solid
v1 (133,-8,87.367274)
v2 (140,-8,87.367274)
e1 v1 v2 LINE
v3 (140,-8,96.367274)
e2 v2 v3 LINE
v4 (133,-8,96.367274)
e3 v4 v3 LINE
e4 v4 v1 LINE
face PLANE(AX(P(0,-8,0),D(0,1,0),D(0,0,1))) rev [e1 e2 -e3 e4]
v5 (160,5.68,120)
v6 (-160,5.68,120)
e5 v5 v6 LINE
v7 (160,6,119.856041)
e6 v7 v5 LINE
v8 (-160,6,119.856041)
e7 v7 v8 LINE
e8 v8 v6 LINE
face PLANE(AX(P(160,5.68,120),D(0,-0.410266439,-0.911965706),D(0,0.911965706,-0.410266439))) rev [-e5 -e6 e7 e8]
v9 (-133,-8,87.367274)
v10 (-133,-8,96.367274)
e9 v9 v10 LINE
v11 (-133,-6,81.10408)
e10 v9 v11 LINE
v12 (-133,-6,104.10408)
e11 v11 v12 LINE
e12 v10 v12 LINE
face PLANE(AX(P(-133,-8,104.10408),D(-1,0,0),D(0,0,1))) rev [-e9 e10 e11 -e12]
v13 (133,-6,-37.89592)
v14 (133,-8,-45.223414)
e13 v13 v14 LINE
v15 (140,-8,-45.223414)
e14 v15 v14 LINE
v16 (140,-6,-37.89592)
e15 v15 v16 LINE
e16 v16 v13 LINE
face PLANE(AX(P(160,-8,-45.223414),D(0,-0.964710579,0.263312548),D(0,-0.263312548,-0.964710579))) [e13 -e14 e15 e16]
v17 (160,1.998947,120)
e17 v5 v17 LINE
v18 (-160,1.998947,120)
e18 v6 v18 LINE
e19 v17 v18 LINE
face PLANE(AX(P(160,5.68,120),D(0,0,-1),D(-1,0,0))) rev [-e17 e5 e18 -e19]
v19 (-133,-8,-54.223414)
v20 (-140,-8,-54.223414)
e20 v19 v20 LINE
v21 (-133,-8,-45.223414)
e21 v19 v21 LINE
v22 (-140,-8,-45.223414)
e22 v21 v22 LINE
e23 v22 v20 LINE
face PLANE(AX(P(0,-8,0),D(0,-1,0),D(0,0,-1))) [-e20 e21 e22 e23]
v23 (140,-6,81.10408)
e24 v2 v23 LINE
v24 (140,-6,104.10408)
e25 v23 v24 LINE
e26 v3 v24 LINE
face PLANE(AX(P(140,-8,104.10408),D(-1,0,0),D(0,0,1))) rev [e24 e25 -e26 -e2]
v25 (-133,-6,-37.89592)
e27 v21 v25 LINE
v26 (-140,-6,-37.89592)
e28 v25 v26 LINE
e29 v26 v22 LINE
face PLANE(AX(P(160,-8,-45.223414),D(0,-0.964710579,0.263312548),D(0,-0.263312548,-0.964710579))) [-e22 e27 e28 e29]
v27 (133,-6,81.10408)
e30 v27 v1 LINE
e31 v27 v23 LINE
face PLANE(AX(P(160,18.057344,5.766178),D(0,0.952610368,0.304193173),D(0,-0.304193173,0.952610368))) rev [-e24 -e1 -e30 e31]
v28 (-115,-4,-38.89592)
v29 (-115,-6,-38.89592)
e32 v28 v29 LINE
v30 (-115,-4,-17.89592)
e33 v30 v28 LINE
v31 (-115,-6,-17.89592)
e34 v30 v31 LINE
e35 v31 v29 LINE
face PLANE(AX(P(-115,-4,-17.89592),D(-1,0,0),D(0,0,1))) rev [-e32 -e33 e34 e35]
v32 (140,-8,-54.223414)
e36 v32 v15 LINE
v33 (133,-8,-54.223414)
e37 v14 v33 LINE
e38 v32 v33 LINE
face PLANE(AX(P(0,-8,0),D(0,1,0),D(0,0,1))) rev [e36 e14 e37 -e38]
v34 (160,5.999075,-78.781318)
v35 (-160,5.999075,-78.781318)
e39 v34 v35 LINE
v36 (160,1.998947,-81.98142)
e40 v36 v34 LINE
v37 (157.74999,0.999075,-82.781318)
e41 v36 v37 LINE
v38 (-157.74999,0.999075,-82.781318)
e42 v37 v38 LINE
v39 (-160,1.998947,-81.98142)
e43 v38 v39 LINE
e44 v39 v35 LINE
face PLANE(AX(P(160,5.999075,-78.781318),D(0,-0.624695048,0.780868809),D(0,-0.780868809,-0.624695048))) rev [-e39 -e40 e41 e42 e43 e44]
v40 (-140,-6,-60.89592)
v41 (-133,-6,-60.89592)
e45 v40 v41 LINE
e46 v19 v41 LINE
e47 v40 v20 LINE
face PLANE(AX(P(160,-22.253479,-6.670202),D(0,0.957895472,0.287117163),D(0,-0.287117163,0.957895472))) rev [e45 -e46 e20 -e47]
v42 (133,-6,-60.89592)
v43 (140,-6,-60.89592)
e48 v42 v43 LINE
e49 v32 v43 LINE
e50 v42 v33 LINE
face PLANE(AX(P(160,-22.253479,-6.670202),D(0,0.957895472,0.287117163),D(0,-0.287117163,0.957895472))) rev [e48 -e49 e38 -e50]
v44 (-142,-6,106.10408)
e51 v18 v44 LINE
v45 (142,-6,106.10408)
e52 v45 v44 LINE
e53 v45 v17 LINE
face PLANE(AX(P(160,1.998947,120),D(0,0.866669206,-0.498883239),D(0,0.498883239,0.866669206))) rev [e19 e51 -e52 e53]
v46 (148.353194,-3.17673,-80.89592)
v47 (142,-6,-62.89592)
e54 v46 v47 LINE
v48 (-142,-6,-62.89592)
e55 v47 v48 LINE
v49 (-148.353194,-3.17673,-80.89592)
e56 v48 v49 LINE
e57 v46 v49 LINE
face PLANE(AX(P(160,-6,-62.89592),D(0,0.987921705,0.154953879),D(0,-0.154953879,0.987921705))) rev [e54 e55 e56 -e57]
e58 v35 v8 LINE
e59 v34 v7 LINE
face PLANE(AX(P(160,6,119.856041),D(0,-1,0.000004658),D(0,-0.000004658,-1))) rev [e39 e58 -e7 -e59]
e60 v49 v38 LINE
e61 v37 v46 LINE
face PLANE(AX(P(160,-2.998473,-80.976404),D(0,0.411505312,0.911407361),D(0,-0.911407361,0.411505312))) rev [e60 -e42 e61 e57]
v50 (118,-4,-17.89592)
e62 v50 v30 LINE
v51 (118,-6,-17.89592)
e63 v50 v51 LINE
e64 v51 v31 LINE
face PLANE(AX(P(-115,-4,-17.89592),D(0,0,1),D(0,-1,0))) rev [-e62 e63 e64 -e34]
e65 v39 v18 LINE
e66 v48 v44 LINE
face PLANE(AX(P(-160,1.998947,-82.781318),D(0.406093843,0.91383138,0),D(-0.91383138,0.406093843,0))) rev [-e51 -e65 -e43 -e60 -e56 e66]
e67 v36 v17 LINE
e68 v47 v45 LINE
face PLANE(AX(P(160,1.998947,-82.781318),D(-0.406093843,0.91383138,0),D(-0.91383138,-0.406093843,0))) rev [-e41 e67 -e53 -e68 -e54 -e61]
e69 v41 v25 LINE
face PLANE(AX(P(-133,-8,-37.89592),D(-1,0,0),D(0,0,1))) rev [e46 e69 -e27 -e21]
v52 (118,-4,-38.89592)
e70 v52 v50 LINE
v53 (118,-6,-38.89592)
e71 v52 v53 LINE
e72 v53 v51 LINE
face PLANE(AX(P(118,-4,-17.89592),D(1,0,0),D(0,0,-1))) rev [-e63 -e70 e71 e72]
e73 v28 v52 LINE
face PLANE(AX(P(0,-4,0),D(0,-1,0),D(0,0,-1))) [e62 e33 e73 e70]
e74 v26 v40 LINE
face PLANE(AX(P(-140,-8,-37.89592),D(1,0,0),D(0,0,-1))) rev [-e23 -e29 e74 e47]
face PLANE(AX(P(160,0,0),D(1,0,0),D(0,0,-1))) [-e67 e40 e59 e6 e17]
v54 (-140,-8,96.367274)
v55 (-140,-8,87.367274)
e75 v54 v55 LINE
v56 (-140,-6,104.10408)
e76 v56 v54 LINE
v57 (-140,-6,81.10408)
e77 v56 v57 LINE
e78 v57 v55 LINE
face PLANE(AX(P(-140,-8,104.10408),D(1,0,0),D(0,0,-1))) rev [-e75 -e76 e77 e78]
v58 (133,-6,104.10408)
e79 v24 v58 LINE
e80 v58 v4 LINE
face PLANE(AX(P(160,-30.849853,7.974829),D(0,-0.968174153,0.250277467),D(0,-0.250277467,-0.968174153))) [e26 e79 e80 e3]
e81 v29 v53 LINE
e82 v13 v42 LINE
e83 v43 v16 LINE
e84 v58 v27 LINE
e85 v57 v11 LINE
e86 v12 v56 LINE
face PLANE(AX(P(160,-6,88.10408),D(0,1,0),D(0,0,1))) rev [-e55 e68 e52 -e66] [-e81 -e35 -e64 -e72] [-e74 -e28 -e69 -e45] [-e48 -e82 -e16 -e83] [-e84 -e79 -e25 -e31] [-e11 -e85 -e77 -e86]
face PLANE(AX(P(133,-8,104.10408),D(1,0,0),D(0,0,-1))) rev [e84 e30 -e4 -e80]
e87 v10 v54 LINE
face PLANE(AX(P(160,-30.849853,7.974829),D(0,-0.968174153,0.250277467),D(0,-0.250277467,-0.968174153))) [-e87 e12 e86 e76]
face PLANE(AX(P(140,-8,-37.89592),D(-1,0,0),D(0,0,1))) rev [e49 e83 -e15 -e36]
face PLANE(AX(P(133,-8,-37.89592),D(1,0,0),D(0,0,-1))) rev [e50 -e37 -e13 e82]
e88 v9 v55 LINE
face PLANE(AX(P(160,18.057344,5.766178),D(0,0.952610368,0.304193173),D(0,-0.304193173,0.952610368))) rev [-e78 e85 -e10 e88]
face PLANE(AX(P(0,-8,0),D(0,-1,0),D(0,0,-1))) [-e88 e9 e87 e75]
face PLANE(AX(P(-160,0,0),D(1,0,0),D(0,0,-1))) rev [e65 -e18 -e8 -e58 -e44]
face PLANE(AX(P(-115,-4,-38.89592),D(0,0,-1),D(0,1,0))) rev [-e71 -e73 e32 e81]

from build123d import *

# Parameters (mm, degrees)
BOSS_EXTRUDE2_DEPTH      = 160
CUT_EXTRUDE11_DEPTH      = 201.089979759
CUT_EXTRUDE11_DEPTH_BACK = 201.089979759
SKETCH12_W               = 233
SKETCH12_H               = 21
CUT_EXTRUDE12_DEPTH      = 2
SKETCH13_W               = 7
SKETCH13_H               = 23
BOSS_EXTRUDE3_DEPTH      = 2
CUT_EXTRUDE13_DEPTH      = 324.208910768
CUT_EXTRUDE13_DEPTH_BACK = 324.208910768


with BuildPart() as part:
    # Sketch8 → Boss-Extrude2 (new, symmetric)
    with BuildSketch(Plane(origin=(0, 0, 0), x_dir=(0, 0, -1), z_dir=(1, 0, 0))):
        Polygon((-88.104080333, -6), (62.895919667, -6), (80.895919667, -3.176729887), (80.976403784, -2.998472611), (82.781317846, 0.999074726), (78.781317846, 5.999074726), (-119.85604145, 6), (-120, 5.68), (-120, 1.998947428), (-106.104080333, -6), align=None)
    extrude(amount=BOSS_EXTRUDE2_DEPTH, both=True)

    # Sketch9 → Cut-Extrude11 (cut, two sides: drawn at the far end of the back side and taken through both)
    with BuildSketch(Plane.XY.offset(-CUT_EXTRUDE11_DEPTH_BACK)):
        Polygon((-160, -6), (-142, -6), (-160, 1.998947428), align=None)
        Polygon((160, -6), (142, -6), (160, 1.998947428), align=None)
    extrude(amount=CUT_EXTRUDE11_DEPTH + CUT_EXTRUDE11_DEPTH_BACK, mode=Mode.SUBTRACT)

    # Sketch12 → Cut-Extrude12 (cut)
    with BuildSketch(Plane.XZ.offset(6)):
        with Locations((1.5, -28.395919667)):
            Rectangle(SKETCH12_W, SKETCH12_H)
    extrude(amount=-CUT_EXTRUDE12_DEPTH, mode=Mode.SUBTRACT)

    # Sketch13 → Boss-Extrude3 (add)
    with BuildSketch(Plane.XZ.offset(6)):
        with Locations((-136.5, 92.604080333)):
            Rectangle(SKETCH13_W, SKETCH13_H)
        with Locations((-136.5, -49.395919667)):
            Rectangle(SKETCH13_W, SKETCH13_H)
        with Locations((136.5, -49.395919667)):
            Rectangle(SKETCH13_W, SKETCH13_H)
        with Locations((136.5, 92.604080333)):
            Rectangle(SKETCH13_W, SKETCH13_H)
    extrude(amount=BOSS_EXTRUDE3_DEPTH)

    # Sketch14 → Cut-Extrude13 (cut, two sides: drawn at the far end of the back side and taken through both)
    with BuildSketch(Plane.ZY.offset(140).offset(-CUT_EXTRUDE13_DEPTH_BACK)):
        Polygon((-60.895919667, -8), (-54.223413834, -8), (-60.895919667, -6), align=None)
        Polygon((104.104080333, -8), (96.367273939, -8), (104.104080333, -6), align=None)
        Polygon((81.104080333, -8), (81.104080333, -6), (87.367273939, -8), align=None)
        Polygon((-45.223413834, -8), (-37.895919667, -6), (-37.895919667, -8), align=None)
    extrude(amount=CUT_EXTRUDE13_DEPTH + CUT_EXTRUDE13_DEPTH_BACK, mode=Mode.SUBTRACT)


solid = part.part
